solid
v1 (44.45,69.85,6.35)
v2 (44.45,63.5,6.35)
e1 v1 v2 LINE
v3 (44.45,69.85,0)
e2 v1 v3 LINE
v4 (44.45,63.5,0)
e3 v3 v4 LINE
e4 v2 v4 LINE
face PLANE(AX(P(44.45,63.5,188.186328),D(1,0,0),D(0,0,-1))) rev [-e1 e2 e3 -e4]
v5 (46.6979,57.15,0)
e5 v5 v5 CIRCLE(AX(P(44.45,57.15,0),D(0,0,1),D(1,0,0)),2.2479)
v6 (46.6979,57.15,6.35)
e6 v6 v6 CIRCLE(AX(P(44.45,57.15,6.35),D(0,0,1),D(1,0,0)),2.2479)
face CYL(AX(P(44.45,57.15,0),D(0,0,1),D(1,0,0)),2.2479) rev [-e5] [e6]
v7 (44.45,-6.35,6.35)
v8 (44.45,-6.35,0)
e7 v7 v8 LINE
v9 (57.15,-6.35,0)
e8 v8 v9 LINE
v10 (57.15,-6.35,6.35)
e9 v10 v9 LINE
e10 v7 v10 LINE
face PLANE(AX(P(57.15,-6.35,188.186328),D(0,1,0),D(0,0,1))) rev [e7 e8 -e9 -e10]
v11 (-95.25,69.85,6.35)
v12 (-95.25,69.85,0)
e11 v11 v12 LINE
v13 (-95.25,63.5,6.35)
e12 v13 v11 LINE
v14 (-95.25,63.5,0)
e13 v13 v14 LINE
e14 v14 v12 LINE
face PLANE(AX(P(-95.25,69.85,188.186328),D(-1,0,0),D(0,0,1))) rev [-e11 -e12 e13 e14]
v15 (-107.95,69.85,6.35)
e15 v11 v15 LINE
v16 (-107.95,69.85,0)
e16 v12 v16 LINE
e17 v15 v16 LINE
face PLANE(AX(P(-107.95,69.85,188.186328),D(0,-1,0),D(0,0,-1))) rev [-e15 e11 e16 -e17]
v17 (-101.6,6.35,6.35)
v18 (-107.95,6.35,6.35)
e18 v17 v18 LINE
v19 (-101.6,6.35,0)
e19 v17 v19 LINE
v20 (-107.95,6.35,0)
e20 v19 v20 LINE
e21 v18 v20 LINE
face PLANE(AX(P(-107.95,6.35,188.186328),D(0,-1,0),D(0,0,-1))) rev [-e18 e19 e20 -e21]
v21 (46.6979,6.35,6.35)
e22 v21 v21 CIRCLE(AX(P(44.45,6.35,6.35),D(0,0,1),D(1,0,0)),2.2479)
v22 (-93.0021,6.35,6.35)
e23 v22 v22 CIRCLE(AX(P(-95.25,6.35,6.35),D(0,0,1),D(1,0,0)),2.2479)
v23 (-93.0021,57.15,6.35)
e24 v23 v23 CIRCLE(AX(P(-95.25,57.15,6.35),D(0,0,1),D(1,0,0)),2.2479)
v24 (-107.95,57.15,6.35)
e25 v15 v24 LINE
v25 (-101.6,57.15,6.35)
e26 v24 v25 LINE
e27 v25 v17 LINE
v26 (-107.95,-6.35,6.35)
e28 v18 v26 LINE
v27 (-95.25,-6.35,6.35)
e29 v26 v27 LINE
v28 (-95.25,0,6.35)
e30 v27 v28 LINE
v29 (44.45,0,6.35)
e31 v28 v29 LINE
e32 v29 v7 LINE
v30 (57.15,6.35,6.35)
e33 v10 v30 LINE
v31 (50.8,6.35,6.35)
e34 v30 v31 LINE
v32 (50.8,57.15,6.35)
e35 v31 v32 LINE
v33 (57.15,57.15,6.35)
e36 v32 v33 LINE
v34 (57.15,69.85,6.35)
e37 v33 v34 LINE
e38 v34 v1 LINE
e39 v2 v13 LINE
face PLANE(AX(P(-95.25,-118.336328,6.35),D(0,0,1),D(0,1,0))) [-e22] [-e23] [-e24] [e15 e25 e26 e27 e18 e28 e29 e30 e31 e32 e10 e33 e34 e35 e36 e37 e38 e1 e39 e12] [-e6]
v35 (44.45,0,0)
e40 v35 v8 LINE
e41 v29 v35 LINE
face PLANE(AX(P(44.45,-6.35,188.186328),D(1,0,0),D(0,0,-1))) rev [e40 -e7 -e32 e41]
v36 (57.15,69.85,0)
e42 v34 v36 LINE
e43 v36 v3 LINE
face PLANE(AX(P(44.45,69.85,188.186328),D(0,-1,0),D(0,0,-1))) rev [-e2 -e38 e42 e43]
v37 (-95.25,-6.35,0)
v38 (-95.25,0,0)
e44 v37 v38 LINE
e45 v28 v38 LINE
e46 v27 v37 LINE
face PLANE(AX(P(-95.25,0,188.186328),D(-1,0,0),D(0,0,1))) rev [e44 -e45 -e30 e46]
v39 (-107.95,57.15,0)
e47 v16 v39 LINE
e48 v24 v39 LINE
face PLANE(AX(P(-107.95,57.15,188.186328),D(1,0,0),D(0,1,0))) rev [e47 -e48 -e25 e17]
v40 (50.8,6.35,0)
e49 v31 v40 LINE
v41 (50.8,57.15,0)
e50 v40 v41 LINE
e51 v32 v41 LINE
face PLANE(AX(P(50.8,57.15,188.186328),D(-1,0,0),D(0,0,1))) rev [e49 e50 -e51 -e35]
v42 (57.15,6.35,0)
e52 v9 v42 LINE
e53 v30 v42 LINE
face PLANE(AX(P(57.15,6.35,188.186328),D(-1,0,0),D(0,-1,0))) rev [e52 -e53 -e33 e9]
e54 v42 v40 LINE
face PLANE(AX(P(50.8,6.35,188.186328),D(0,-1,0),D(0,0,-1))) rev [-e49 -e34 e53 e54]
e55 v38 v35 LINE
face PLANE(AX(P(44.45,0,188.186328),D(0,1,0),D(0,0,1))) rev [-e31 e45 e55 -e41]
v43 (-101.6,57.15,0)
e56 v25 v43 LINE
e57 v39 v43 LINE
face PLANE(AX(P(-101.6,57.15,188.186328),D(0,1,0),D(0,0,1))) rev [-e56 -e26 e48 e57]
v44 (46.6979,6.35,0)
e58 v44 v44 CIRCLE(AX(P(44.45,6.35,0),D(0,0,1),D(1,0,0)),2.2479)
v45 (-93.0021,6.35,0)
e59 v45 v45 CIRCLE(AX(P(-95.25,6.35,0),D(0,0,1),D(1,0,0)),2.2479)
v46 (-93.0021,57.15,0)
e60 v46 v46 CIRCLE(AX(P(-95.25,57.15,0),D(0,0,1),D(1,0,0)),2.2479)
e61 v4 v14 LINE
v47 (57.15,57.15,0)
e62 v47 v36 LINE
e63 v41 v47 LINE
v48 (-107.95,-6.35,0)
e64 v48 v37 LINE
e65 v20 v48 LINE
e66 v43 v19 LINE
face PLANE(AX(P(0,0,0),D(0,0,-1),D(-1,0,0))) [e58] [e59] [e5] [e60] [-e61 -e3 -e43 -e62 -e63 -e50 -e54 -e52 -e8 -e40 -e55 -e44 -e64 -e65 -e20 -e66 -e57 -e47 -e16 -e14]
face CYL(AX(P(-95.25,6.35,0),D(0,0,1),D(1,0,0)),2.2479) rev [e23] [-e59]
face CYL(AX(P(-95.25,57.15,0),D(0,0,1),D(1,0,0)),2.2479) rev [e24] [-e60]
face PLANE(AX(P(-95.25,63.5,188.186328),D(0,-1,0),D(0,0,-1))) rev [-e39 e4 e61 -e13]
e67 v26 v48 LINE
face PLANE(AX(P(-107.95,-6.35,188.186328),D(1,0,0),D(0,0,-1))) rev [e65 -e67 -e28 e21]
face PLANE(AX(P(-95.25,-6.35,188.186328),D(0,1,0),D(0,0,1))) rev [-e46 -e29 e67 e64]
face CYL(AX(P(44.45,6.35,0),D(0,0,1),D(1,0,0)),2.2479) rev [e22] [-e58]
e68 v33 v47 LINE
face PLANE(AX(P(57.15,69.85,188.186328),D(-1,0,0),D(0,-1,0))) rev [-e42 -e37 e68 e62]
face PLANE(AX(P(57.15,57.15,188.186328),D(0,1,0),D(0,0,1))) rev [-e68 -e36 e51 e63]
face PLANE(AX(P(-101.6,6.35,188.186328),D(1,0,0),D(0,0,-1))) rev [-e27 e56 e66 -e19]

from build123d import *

# Parameters (mm, degrees)
BOSS_EXTRUDE1_DEPTH = 6.35
SKETCH2_R           = 2.2479
CUT_EXTRUDE4_DEPTH  = 129.734406823


with BuildPart() as part:
    # Sketch1 → Boss-Extrude1 (new body)
    with BuildSketch(Plane.XY):
        Polygon((-107.95, -6.35), (-107.95, 6.35), (-101.6, 6.35), (-101.6, 57.15), (-107.95, 57.15), (-107.95, 69.85), (-95.25, 69.85), (-95.25, 63.5), (44.45, 63.5), (44.45, 69.85), (57.15, 69.85), (57.15, 57.15), (50.8, 57.15), (50.8, 6.35), (57.15, 6.35), (57.15, -6.35), (44.45, -6.35), (44.45, 0), (-95.25, 0), (-95.25, -6.35), align=None)
    extrude(amount=BOSS_EXTRUDE1_DEPTH)

    # Sketch2 → Cut-Extrude4 (cut, through all)
    with BuildSketch(Plane.XY.offset(6.35)):
        with Locations((44.45, 6.35)):
            Circle(SKETCH2_R)
        with Locations((44.45, 57.15)):
            Circle(SKETCH2_R)
        with Locations((-95.25, 57.15)):
            Circle(SKETCH2_R)
        with Locations((-95.25, 6.35)):
            Circle(SKETCH2_R)
    extrude(amount=-CUT_EXTRUDE4_DEPTH, mode=Mode.SUBTRACT)


solid = part.part
